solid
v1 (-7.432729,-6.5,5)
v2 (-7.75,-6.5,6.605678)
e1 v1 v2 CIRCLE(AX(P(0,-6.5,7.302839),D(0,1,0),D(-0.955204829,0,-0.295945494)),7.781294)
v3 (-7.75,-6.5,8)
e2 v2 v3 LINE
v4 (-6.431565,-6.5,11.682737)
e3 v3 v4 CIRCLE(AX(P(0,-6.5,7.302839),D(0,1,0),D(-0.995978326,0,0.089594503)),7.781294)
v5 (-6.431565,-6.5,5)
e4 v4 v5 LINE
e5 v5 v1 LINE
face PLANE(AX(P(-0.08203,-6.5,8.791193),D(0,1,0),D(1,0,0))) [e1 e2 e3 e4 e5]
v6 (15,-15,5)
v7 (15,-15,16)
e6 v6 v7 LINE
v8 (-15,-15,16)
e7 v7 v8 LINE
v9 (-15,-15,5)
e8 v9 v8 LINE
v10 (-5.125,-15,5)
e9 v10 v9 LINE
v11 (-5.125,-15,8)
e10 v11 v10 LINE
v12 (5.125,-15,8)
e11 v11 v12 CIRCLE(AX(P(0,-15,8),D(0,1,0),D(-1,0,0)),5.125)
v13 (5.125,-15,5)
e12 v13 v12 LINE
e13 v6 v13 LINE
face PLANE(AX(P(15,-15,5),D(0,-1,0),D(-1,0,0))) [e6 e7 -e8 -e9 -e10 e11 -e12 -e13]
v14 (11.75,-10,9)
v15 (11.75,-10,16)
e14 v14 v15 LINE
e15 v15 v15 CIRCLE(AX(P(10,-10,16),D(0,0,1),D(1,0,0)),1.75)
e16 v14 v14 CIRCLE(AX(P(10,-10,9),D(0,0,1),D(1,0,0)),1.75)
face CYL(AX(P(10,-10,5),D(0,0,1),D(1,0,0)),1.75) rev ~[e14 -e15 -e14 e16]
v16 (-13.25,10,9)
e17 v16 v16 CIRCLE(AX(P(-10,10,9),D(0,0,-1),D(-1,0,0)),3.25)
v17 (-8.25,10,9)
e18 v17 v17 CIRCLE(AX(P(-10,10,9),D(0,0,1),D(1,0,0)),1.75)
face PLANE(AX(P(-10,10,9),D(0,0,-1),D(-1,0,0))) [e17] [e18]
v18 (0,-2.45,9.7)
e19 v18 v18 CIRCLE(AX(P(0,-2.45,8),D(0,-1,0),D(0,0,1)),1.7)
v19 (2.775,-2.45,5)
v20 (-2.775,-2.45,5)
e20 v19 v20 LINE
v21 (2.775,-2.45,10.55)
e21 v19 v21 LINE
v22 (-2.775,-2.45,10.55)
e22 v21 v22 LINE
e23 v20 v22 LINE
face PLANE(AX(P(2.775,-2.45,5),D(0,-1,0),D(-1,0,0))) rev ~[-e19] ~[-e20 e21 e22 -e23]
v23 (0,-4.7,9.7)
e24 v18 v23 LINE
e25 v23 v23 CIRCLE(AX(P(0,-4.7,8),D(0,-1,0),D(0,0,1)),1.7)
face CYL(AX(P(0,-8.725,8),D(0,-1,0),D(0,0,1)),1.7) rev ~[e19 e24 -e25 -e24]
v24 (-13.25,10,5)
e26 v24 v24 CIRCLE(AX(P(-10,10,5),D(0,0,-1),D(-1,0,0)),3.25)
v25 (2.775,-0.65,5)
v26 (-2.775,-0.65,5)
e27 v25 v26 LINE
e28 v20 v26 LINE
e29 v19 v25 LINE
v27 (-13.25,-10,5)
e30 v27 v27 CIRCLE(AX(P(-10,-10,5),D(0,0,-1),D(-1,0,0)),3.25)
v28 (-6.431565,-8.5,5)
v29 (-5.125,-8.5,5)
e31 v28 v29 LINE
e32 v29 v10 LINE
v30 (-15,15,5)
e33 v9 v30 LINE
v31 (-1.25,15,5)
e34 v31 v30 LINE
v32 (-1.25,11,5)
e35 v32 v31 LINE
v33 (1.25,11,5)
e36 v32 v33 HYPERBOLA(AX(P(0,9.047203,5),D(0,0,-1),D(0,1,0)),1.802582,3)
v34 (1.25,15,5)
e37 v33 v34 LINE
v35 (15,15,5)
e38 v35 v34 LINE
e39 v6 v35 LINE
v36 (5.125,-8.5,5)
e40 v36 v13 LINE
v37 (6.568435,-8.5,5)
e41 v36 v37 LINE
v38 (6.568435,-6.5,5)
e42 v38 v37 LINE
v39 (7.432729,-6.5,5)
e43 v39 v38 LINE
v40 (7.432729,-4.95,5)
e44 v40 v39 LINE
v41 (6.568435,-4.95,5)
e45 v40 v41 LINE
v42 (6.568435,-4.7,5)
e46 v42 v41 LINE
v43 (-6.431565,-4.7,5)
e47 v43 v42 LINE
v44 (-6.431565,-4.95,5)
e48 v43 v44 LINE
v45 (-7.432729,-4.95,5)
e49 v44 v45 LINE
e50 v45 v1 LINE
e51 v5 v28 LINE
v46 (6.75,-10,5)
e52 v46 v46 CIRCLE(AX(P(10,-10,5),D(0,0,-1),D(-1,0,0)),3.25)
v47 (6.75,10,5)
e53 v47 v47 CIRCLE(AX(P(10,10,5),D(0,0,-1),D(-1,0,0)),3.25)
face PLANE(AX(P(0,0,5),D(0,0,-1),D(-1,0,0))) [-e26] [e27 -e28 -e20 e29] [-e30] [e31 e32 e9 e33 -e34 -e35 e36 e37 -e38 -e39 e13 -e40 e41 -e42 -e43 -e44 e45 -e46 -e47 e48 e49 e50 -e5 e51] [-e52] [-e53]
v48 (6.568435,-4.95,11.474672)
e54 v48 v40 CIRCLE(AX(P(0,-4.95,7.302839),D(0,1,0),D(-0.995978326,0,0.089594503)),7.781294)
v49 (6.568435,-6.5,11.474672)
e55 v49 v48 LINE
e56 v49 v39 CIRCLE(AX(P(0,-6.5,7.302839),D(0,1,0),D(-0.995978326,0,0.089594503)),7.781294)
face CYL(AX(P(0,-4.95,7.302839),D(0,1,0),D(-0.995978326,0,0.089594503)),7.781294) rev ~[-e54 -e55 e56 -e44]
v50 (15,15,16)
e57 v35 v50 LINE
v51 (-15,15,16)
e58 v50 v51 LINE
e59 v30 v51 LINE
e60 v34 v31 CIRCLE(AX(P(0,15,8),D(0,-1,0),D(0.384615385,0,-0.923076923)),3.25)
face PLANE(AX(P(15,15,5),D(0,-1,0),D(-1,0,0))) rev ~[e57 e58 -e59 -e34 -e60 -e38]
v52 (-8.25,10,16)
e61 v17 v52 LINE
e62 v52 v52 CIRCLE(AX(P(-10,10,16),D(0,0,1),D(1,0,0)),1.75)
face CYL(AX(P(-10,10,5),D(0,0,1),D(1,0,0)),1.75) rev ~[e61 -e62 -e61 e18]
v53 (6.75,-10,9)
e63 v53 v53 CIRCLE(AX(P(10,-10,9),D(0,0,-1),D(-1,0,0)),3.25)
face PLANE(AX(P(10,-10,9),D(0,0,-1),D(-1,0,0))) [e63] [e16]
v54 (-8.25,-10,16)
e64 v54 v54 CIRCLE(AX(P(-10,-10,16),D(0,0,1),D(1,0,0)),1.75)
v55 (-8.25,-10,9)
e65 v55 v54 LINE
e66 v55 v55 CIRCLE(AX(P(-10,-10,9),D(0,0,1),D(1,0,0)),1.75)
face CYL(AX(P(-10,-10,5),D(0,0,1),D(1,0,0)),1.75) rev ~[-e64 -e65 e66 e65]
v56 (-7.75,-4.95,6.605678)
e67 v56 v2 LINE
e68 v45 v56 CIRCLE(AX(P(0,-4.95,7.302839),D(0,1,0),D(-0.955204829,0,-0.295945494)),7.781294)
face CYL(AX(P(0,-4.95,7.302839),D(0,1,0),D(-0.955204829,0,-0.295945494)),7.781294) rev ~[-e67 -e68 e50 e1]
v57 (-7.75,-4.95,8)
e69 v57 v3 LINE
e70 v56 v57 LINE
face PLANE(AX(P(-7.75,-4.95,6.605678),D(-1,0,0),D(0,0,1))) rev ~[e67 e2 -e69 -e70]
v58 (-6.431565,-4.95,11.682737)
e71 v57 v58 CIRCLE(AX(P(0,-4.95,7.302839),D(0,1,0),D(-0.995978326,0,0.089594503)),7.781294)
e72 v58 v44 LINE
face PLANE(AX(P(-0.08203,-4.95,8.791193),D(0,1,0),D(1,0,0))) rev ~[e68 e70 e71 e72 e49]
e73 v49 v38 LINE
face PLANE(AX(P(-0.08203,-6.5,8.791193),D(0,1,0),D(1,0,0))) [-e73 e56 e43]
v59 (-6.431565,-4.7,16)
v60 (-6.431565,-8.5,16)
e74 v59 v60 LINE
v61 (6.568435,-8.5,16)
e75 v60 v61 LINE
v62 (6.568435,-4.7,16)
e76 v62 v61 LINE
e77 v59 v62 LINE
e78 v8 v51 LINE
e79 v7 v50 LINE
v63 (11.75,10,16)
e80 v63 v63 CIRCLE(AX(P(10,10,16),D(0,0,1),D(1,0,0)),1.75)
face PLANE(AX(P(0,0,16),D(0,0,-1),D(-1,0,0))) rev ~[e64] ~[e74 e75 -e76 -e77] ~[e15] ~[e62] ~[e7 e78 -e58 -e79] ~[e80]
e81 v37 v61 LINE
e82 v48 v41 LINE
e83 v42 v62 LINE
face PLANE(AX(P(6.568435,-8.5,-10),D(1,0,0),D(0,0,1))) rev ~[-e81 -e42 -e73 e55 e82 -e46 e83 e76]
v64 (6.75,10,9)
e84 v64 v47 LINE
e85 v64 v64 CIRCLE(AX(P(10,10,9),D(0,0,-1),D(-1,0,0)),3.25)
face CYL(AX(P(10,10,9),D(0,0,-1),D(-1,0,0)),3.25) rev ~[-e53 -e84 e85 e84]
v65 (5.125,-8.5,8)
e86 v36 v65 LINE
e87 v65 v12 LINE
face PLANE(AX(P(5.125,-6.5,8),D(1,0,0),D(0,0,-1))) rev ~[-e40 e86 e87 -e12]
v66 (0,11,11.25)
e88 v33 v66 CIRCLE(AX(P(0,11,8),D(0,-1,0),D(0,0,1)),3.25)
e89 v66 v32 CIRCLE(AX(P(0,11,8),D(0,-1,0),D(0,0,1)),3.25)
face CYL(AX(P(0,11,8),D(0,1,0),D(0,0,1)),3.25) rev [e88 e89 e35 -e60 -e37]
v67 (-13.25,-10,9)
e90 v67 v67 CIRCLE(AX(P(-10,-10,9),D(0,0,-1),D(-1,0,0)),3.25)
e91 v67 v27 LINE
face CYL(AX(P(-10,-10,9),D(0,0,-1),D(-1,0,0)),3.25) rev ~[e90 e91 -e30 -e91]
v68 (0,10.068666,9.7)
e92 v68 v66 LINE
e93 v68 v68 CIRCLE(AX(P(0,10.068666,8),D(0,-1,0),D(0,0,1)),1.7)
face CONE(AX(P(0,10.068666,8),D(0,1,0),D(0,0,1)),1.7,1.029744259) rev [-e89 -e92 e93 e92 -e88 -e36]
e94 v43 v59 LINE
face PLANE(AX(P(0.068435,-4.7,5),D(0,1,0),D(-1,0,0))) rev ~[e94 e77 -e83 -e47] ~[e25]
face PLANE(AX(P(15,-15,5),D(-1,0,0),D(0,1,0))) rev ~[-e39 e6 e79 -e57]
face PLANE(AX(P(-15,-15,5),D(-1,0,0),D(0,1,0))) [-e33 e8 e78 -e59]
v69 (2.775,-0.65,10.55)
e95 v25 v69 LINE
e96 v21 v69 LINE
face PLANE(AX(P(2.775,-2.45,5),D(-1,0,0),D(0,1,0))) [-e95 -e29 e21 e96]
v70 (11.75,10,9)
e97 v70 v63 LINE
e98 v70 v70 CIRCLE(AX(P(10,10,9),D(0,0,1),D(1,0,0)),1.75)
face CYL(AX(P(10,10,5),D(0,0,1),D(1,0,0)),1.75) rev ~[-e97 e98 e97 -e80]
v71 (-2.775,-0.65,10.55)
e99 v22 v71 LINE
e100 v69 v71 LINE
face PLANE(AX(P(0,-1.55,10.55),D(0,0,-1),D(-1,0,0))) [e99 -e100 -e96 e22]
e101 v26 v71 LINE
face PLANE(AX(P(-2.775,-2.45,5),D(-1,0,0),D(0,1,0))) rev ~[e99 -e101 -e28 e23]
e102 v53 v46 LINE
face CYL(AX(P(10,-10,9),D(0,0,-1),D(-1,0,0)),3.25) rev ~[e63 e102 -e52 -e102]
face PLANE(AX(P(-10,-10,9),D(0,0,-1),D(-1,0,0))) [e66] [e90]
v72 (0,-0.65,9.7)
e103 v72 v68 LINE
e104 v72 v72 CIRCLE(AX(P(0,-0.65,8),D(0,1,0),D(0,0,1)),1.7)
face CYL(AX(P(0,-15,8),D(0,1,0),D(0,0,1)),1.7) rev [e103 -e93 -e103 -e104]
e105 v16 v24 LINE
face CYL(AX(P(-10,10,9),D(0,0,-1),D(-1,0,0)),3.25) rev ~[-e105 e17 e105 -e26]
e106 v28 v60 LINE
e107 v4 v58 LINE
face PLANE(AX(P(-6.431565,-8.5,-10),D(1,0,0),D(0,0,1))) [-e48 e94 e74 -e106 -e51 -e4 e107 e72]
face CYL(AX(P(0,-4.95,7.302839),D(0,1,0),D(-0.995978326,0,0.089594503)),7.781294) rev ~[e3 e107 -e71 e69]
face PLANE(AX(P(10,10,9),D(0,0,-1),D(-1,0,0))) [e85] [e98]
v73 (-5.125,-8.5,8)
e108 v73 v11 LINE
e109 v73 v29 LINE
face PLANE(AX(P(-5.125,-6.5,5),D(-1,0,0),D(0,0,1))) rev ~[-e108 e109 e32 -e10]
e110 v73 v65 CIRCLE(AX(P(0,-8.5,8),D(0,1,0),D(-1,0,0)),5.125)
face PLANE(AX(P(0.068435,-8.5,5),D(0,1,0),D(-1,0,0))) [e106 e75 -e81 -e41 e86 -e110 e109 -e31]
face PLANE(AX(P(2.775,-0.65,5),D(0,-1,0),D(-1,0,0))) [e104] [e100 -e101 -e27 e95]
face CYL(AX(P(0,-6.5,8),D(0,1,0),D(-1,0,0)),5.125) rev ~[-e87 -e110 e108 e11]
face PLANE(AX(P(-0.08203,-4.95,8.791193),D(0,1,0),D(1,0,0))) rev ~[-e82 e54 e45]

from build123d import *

# Parameters (mm, degrees)
SKETCH1_W                                        = 30
SKETCH1_H                                        = 30
BOSS_EXTRUDE1_DEPTH                              = 11
CUT_EXTRUDE1_DEPTH                               = 1.55
CUT_EXTRUDE2_DEPTH                               = 31.712375356
SKETCH7_W                                        = 5.55
SKETCH7_H                                        = 1.8
CUT_EXTRUDE3_DEPTH                               = 5.55
CBORE_FOR_M3_HEX_HEAD_MACHINE_SCREW1_D           = 3.5
CBORE_FOR_M3_HEX_HEAD_MACHINE_SCREW1_CBORE_D     = 6.5
CBORE_FOR_M3_HEX_HEAD_MACHINE_SCREW1_CBORE_DEPTH = 4
SKETCH10_W                                       = 1.7
SKETCH10_H                                       = 12.55
CUT_EXTRUDE4_DEPTH                               = 1.8
CUT_EXTRUDE4_DEPTH_BACK                          = 2
SKETCH14_W                                       = 13
SKETCH14_H                                       = 30


with BuildPart() as part:
    # Sketch1 → Boss-Extrude1 (new body)
    with BuildSketch(Plane(origin=(0, 0, 5), x_dir=(-1, 0, 0), z_dir=(0, 0, -1))):
        Rectangle(SKETCH1_W, SKETCH1_H)
    extrude(amount=-BOSS_EXTRUDE1_DEPTH)

    # Sketch2 → Cut-Extrude1 (cut)
    with BuildSketch(Plane(origin=(0, -4.95, 0), x_dir=(1, 0, 0), z_dir=(0, 1, 0))):
        with BuildLine():
            Line((7.432729441, -5), (-7.432729441, -5))
            ThreePointArc((-7.432729441, -5), (-7.633699531, -5.794473784), (-7.75, -6.605677687))
            Line((-7.75, -6.605677687), (-7.75, -8))
            ThreePointArc((-7.75, -8), (1.508365059, -14.936538374), (7.432729441, -5))
        make_face()
    extrude(amount=-CUT_EXTRUDE1_DEPTH, mode=Mode.SUBTRACT)

    # Sketch3 → Cut-Extrude2 (cut, through all)
    with BuildSketch(Plane(origin=(0, -6.5, 0), x_dir=(-1, 0, 0), z_dir=(0, 1, 0))):
        with BuildLine():
            Line((-5.125, 5), (5.125, 5))
            Line((5.125, 5), (5.125, 8))
            ThreePointArc((5.125, 8), (0, 13.125), (-5.125, 8))
            Line((-5.125, 8), (-5.125, 5))
        make_face()
    extrude(amount=-CUT_EXTRUDE2_DEPTH, mode=Mode.SUBTRACT)

    # Sketch7 → Cut-Extrude3 (cut)
    with BuildSketch(Plane(origin=(0, 0, 5), x_dir=(-1, 0, 0), z_dir=(0, 0, -1))):
        with Locations((0, -1.55)):
            Rectangle(SKETCH7_W, SKETCH7_H)
    extrude(amount=-CUT_EXTRUDE3_DEPTH, mode=Mode.SUBTRACT)

    # CBORE for M3 Hex Head Machine Screw1 (through all)
    with Locations(Plane(origin=(0, 0, 5), x_dir=(-1, 0, 0), z_dir=(0, 0, -1))):
        with Locations((-10, 10), (-10, -10), (10, -10), (10, 10)):
            CounterBoreHole(CBORE_FOR_M3_HEX_HEAD_MACHINE_SCREW1_D / 2, CBORE_FOR_M3_HEX_HEAD_MACHINE_SCREW1_CBORE_D / 2, CBORE_FOR_M3_HEX_HEAD_MACHINE_SCREW1_CBORE_DEPTH)

    # Sketch10 → Ø3.4 (3.4) Diameter Hole1 (revolve, cut)
    with BuildSketch(Plane(origin=(0, -2.45, 8), x_dir=(0, 0, 1), z_dir=(1, 0, 0))):
        with Locations((0.85, 6.275)):
            Rectangle(SKETCH10_W, SKETCH10_H)
    revolve(axis=Axis((0, 3.9, 8), (0, -1, 0)), mode=Mode.SUBTRACT)

    # Sketch12 → CSK for M3 Flat Head Machine Screw1 (revolve, cut)
    with BuildSketch(Plane(origin=(0, 15, 8), x_dir=(0, 0, 1), z_dir=(1, 0, 0))):
        Polygon((0, 0), (0, 30), (1.7, 30), (1.7, 4.931333959), (3.25, 4), (3.25, 0), align=None)
    revolve(axis=Axis((0, 21.35, 8), (0, -1, 0)), mode=Mode.SUBTRACT)

    # Sketch14 → Cut-Extrude4 (cut, two sides: drawn at the far end of the back side and taken through both)
    with BuildSketch(Plane(origin=(0, -6.5, 0), x_dir=(-1, 0, 0), z_dir=(0, 1, 0)).offset(-CUT_EXTRUDE4_DEPTH_BACK)):
        with Locations((-0.068435325, 5)):
            Rectangle(SKETCH14_W, SKETCH14_H)
    extrude(amount=CUT_EXTRUDE4_DEPTH + CUT_EXTRUDE4_DEPTH_BACK, mode=Mode.SUBTRACT)


solid = part.part
